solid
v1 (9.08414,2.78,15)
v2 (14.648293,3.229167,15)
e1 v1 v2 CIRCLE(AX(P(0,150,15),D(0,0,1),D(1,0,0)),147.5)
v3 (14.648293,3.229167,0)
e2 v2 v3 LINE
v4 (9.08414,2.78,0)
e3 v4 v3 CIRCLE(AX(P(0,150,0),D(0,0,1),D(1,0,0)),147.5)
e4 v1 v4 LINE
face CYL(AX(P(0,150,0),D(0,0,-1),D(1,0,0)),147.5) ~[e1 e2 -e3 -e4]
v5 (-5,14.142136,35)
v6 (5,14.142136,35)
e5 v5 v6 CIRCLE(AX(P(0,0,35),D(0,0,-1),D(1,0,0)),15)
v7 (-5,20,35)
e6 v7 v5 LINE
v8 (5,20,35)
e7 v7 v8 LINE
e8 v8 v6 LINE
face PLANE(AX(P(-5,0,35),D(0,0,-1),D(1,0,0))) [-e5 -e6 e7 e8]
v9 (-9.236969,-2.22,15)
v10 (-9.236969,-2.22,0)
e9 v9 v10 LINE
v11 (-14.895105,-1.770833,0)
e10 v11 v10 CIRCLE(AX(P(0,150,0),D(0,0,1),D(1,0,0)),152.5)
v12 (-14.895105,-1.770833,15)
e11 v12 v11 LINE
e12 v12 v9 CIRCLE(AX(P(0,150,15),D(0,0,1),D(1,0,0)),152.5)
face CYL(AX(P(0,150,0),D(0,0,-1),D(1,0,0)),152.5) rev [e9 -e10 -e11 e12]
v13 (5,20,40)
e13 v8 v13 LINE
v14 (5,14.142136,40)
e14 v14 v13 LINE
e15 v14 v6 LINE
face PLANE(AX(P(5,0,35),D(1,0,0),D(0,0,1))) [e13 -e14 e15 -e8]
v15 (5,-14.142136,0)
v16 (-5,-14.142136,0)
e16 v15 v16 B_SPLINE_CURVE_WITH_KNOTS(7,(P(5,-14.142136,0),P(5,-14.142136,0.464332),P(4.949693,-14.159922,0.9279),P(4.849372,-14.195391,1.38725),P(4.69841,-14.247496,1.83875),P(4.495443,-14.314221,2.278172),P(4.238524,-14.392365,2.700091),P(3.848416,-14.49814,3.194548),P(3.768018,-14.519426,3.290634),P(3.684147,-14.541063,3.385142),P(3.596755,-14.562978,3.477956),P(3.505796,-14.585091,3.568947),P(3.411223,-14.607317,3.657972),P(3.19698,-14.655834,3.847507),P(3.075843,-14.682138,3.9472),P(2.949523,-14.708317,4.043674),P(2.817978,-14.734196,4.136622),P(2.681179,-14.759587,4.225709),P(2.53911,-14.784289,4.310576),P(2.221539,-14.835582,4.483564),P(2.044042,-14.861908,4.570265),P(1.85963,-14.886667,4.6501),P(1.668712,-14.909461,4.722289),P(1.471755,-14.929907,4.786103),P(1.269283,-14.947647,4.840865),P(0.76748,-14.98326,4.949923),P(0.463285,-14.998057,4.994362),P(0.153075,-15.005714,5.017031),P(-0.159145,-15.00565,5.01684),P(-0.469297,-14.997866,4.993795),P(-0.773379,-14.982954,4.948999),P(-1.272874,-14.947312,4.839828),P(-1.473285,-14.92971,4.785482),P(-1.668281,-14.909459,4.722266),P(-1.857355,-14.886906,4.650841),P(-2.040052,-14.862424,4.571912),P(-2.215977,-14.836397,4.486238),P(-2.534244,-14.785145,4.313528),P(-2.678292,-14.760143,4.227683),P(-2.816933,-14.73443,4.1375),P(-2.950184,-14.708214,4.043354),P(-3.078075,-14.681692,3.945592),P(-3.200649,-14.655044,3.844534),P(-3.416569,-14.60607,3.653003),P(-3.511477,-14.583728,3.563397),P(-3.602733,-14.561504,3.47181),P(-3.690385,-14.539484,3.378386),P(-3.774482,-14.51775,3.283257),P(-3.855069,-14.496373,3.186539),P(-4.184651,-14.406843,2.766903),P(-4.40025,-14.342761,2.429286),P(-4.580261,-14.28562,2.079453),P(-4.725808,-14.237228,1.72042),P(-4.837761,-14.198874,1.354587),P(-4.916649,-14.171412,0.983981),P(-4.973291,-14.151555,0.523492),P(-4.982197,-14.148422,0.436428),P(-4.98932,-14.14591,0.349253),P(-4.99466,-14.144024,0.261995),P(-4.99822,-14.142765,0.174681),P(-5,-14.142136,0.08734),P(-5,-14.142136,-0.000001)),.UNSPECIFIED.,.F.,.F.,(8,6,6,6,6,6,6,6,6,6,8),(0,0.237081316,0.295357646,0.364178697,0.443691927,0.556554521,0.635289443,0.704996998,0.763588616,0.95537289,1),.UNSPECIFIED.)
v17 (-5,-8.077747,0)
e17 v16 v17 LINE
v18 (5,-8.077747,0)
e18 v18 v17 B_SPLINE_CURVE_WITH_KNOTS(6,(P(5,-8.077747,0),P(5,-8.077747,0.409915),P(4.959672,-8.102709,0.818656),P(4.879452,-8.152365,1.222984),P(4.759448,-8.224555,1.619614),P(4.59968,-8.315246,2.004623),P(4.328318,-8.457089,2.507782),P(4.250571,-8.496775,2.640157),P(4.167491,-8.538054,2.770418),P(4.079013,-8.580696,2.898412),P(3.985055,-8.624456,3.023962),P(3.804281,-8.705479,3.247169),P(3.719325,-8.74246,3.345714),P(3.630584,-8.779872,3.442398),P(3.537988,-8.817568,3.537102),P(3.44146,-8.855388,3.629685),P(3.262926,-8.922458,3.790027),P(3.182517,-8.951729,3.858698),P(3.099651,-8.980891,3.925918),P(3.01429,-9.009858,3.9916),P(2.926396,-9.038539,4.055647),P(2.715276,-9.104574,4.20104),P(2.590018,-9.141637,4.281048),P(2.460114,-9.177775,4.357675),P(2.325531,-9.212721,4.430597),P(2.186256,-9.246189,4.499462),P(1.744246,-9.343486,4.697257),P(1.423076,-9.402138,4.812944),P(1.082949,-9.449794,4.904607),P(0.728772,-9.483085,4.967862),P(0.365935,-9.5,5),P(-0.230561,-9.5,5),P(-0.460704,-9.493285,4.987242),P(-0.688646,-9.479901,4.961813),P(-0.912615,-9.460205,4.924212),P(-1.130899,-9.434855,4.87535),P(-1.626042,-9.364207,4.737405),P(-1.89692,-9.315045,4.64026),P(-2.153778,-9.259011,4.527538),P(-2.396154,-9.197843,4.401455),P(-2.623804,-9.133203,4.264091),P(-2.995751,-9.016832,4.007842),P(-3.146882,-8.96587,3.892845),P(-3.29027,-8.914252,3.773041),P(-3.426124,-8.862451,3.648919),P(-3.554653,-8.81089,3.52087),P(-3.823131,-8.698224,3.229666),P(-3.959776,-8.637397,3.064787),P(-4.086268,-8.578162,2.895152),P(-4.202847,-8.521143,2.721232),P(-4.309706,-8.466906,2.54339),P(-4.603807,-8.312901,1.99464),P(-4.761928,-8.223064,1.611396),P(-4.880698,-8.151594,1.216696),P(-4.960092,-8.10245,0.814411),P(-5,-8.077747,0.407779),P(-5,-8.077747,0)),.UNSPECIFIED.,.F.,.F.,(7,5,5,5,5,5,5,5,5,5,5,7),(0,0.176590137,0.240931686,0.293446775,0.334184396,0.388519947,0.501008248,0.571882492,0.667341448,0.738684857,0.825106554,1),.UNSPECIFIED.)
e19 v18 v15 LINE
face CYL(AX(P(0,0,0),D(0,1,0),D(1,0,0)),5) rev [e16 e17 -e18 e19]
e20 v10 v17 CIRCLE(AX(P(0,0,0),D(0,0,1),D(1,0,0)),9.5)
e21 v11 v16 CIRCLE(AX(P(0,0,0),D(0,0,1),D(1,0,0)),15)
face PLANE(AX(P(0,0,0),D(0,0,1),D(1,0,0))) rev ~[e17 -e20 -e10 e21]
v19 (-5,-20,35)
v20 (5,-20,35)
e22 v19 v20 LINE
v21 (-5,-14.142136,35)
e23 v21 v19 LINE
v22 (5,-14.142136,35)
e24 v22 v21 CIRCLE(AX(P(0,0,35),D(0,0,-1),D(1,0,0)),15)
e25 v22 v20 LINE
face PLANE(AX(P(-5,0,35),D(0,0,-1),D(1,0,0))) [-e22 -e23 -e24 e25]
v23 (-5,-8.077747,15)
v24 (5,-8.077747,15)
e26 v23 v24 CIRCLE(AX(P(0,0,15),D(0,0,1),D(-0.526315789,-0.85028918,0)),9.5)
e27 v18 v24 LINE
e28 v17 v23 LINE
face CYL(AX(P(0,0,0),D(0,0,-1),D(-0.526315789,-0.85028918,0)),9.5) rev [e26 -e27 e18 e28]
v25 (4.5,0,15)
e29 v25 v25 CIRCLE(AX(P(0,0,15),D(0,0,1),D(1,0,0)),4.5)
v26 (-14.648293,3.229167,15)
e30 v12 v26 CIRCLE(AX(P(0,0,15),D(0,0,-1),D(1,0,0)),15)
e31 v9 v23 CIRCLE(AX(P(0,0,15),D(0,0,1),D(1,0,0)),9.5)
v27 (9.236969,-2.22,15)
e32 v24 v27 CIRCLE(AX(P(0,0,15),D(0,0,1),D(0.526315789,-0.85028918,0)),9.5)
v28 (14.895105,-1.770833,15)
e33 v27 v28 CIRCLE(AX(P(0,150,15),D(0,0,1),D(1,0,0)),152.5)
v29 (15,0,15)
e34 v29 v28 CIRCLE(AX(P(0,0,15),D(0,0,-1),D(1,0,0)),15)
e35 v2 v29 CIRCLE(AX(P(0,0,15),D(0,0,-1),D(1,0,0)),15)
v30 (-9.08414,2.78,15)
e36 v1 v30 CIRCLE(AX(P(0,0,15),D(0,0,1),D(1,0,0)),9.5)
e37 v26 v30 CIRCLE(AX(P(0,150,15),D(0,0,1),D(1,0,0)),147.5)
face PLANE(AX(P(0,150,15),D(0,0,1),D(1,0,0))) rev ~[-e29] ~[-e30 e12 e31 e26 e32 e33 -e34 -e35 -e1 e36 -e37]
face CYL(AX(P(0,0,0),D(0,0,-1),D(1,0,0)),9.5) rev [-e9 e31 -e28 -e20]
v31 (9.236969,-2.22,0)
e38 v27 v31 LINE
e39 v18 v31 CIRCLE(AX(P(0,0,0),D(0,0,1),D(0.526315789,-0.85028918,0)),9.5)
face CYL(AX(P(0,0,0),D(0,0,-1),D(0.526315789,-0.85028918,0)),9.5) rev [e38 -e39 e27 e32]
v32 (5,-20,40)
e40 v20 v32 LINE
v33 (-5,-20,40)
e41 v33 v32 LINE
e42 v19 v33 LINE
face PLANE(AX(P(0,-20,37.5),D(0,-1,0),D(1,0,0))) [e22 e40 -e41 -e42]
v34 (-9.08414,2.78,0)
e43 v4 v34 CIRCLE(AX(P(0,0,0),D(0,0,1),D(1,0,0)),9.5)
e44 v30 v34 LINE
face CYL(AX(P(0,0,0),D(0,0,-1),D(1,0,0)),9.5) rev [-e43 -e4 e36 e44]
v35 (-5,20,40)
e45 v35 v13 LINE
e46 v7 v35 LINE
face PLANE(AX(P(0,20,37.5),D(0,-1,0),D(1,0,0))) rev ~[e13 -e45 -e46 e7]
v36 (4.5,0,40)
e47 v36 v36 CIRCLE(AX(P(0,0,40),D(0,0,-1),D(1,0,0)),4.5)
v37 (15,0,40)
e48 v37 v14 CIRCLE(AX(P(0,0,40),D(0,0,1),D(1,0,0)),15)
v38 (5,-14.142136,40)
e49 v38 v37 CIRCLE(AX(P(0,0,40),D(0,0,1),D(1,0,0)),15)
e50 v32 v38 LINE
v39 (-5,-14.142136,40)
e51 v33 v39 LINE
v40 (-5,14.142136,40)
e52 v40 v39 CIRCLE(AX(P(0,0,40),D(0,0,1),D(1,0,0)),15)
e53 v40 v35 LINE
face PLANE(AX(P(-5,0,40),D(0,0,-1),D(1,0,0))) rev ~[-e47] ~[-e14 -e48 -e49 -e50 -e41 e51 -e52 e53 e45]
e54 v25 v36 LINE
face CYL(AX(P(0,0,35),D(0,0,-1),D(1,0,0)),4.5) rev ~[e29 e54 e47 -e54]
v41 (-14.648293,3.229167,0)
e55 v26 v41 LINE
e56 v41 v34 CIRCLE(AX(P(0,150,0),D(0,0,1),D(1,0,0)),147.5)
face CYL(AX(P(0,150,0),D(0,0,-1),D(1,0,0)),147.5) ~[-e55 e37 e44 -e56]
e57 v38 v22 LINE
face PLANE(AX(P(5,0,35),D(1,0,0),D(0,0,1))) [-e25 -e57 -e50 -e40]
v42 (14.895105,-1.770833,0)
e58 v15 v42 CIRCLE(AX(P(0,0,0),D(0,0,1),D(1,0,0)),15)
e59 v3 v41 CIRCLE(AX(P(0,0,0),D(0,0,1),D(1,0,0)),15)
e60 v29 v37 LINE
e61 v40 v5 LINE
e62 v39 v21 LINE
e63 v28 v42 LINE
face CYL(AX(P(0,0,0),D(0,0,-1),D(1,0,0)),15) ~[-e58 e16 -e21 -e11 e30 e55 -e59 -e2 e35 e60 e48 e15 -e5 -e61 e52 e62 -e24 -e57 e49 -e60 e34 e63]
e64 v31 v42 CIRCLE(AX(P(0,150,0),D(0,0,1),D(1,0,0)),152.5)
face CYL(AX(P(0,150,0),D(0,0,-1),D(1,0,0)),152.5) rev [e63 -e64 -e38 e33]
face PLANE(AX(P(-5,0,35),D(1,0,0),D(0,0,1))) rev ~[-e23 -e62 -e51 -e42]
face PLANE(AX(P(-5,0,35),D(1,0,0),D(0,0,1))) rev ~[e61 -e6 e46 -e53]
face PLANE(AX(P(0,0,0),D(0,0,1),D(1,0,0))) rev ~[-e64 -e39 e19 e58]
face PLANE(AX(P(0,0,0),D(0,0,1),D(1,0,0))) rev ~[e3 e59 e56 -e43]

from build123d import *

# Parameters (mm, degrees)
F0_R     = 15
F1_DEPTH = 40
F2_W     = 10
F2_H     = 5
F3_DEPTH = 20
F4_DEPTH = 15
F5_R     = 5
F6_DEPTH = 25
F7_R     = 152.5
F7_R_2   = 147.5
F8_DEPTH = 15
F9_DEPTH = 25


with BuildPart() as f1:
    # F0 (on Top) → F1 (new body)
    with BuildSketch(Plane.XY):
        Circle(F0_R)
        with BuildLine():
            ThreePointArc((9.5, 0), (8.2990963363, -4.6233105022), (5, -8.0777472107))
            ThreePointArc((5, -8.0777472107), (0, -9.5), (-5, -8.0777472107))
            ThreePointArc((-5, -8.0777472107), (-4.6233105022, 8.2990963363), (9.5, 0))
        make_face(mode=Mode.SUBTRACT)
        with BuildLine():
            ThreePointArc((-4.5, 0), (0, 4.5), (4.5, 0))
            Line((4.5, 0), (5, 0))
            Line((5, 0), (5, -8.0777472107))
            ThreePointArc((5, -8.0777472107), (8.2990963363, -4.6233105022), (9.5, 0))
            ThreePointArc((9.5, 0), (-4.6233105022, 8.2990963363), (-5, -8.0777472107))
            Line((-5, -8.0777472107), (-5, 0))
            Line((-5, 0), (-4.5, 0))
        make_face()
        with BuildLine():
            Line((5, 0), (4.5, 0))
            ThreePointArc((4.5, 0), (0, -4.5), (-4.5, 0))
            Line((-4.5, 0), (-5, 0))
            Line((-5, 0), (-5, -8.0777472107))
            ThreePointArc((-5, -8.0777472107), (0, -9.5), (5, -8.0777472107))
            Line((5, -8.0777472107), (5, 0))
        make_face()
    extrude(amount=F1_DEPTH)

    # F2 (on Front) → F3 (join, symmetric)
    with BuildSketch(Plane.XZ):
        with Locations((0, 37.5)):
            Rectangle(F2_W, F2_H)
    extrude(amount=F3_DEPTH, both=True)

    # F0 (on Top) → F4 (cut)
    with BuildSketch(Plane.XY):
        with BuildLine():
            ThreePointArc((-4.5, 0), (0, 4.5), (4.5, 0))
            Line((4.5, 0), (5, 0))
            Line((5, 0), (5, -8.0777472107))
            ThreePointArc((5, -8.0777472107), (8.2990963363, -4.6233105022), (9.5, 0))
            ThreePointArc((9.5, 0), (-4.6233105022, 8.2990963363), (-5, -8.0777472107))
            Line((-5, -8.0777472107), (-5, 0))
            Line((-5, 0), (-4.5, 0))
        make_face()
        with BuildLine():
            Line((5, 0), (4.5, 0))
            ThreePointArc((4.5, 0), (0, -4.5), (-4.5, 0))
            Line((-4.5, 0), (-5, 0))
            Line((-5, 0), (-5, -8.0777472107))
            ThreePointArc((-5, -8.0777472107), (0, -9.5), (5, -8.0777472107))
            Line((5, -8.0777472107), (5, 0))
        make_face()
    extrude(amount=F4_DEPTH, mode=Mode.SUBTRACT)

    # F5 (on Front) → F6 (cut)
    with BuildSketch(Plane.XZ):
        Circle(F5_R)
    extrude(amount=F6_DEPTH, mode=Mode.SUBTRACT)

    # F7 (on Top) → F8 (cut)
    with BuildSketch(Plane.XY):
        with Locations((0, 150)):
            Circle(F7_R)
        with Locations((0, 150)):
            Circle(F7_R_2, mode=Mode.SUBTRACT)
    extrude(amount=F8_DEPTH, mode=Mode.SUBTRACT)

    # F9 (cut): a face of the model
    f9_faces = [f1.faces().sort_by_distance(p)[0] for p in [
        (0, 0, 35),
    ]]
    extrude(f9_faces, amount=-F9_DEPTH, mode=Mode.SUBTRACT)


solid = f1.part
